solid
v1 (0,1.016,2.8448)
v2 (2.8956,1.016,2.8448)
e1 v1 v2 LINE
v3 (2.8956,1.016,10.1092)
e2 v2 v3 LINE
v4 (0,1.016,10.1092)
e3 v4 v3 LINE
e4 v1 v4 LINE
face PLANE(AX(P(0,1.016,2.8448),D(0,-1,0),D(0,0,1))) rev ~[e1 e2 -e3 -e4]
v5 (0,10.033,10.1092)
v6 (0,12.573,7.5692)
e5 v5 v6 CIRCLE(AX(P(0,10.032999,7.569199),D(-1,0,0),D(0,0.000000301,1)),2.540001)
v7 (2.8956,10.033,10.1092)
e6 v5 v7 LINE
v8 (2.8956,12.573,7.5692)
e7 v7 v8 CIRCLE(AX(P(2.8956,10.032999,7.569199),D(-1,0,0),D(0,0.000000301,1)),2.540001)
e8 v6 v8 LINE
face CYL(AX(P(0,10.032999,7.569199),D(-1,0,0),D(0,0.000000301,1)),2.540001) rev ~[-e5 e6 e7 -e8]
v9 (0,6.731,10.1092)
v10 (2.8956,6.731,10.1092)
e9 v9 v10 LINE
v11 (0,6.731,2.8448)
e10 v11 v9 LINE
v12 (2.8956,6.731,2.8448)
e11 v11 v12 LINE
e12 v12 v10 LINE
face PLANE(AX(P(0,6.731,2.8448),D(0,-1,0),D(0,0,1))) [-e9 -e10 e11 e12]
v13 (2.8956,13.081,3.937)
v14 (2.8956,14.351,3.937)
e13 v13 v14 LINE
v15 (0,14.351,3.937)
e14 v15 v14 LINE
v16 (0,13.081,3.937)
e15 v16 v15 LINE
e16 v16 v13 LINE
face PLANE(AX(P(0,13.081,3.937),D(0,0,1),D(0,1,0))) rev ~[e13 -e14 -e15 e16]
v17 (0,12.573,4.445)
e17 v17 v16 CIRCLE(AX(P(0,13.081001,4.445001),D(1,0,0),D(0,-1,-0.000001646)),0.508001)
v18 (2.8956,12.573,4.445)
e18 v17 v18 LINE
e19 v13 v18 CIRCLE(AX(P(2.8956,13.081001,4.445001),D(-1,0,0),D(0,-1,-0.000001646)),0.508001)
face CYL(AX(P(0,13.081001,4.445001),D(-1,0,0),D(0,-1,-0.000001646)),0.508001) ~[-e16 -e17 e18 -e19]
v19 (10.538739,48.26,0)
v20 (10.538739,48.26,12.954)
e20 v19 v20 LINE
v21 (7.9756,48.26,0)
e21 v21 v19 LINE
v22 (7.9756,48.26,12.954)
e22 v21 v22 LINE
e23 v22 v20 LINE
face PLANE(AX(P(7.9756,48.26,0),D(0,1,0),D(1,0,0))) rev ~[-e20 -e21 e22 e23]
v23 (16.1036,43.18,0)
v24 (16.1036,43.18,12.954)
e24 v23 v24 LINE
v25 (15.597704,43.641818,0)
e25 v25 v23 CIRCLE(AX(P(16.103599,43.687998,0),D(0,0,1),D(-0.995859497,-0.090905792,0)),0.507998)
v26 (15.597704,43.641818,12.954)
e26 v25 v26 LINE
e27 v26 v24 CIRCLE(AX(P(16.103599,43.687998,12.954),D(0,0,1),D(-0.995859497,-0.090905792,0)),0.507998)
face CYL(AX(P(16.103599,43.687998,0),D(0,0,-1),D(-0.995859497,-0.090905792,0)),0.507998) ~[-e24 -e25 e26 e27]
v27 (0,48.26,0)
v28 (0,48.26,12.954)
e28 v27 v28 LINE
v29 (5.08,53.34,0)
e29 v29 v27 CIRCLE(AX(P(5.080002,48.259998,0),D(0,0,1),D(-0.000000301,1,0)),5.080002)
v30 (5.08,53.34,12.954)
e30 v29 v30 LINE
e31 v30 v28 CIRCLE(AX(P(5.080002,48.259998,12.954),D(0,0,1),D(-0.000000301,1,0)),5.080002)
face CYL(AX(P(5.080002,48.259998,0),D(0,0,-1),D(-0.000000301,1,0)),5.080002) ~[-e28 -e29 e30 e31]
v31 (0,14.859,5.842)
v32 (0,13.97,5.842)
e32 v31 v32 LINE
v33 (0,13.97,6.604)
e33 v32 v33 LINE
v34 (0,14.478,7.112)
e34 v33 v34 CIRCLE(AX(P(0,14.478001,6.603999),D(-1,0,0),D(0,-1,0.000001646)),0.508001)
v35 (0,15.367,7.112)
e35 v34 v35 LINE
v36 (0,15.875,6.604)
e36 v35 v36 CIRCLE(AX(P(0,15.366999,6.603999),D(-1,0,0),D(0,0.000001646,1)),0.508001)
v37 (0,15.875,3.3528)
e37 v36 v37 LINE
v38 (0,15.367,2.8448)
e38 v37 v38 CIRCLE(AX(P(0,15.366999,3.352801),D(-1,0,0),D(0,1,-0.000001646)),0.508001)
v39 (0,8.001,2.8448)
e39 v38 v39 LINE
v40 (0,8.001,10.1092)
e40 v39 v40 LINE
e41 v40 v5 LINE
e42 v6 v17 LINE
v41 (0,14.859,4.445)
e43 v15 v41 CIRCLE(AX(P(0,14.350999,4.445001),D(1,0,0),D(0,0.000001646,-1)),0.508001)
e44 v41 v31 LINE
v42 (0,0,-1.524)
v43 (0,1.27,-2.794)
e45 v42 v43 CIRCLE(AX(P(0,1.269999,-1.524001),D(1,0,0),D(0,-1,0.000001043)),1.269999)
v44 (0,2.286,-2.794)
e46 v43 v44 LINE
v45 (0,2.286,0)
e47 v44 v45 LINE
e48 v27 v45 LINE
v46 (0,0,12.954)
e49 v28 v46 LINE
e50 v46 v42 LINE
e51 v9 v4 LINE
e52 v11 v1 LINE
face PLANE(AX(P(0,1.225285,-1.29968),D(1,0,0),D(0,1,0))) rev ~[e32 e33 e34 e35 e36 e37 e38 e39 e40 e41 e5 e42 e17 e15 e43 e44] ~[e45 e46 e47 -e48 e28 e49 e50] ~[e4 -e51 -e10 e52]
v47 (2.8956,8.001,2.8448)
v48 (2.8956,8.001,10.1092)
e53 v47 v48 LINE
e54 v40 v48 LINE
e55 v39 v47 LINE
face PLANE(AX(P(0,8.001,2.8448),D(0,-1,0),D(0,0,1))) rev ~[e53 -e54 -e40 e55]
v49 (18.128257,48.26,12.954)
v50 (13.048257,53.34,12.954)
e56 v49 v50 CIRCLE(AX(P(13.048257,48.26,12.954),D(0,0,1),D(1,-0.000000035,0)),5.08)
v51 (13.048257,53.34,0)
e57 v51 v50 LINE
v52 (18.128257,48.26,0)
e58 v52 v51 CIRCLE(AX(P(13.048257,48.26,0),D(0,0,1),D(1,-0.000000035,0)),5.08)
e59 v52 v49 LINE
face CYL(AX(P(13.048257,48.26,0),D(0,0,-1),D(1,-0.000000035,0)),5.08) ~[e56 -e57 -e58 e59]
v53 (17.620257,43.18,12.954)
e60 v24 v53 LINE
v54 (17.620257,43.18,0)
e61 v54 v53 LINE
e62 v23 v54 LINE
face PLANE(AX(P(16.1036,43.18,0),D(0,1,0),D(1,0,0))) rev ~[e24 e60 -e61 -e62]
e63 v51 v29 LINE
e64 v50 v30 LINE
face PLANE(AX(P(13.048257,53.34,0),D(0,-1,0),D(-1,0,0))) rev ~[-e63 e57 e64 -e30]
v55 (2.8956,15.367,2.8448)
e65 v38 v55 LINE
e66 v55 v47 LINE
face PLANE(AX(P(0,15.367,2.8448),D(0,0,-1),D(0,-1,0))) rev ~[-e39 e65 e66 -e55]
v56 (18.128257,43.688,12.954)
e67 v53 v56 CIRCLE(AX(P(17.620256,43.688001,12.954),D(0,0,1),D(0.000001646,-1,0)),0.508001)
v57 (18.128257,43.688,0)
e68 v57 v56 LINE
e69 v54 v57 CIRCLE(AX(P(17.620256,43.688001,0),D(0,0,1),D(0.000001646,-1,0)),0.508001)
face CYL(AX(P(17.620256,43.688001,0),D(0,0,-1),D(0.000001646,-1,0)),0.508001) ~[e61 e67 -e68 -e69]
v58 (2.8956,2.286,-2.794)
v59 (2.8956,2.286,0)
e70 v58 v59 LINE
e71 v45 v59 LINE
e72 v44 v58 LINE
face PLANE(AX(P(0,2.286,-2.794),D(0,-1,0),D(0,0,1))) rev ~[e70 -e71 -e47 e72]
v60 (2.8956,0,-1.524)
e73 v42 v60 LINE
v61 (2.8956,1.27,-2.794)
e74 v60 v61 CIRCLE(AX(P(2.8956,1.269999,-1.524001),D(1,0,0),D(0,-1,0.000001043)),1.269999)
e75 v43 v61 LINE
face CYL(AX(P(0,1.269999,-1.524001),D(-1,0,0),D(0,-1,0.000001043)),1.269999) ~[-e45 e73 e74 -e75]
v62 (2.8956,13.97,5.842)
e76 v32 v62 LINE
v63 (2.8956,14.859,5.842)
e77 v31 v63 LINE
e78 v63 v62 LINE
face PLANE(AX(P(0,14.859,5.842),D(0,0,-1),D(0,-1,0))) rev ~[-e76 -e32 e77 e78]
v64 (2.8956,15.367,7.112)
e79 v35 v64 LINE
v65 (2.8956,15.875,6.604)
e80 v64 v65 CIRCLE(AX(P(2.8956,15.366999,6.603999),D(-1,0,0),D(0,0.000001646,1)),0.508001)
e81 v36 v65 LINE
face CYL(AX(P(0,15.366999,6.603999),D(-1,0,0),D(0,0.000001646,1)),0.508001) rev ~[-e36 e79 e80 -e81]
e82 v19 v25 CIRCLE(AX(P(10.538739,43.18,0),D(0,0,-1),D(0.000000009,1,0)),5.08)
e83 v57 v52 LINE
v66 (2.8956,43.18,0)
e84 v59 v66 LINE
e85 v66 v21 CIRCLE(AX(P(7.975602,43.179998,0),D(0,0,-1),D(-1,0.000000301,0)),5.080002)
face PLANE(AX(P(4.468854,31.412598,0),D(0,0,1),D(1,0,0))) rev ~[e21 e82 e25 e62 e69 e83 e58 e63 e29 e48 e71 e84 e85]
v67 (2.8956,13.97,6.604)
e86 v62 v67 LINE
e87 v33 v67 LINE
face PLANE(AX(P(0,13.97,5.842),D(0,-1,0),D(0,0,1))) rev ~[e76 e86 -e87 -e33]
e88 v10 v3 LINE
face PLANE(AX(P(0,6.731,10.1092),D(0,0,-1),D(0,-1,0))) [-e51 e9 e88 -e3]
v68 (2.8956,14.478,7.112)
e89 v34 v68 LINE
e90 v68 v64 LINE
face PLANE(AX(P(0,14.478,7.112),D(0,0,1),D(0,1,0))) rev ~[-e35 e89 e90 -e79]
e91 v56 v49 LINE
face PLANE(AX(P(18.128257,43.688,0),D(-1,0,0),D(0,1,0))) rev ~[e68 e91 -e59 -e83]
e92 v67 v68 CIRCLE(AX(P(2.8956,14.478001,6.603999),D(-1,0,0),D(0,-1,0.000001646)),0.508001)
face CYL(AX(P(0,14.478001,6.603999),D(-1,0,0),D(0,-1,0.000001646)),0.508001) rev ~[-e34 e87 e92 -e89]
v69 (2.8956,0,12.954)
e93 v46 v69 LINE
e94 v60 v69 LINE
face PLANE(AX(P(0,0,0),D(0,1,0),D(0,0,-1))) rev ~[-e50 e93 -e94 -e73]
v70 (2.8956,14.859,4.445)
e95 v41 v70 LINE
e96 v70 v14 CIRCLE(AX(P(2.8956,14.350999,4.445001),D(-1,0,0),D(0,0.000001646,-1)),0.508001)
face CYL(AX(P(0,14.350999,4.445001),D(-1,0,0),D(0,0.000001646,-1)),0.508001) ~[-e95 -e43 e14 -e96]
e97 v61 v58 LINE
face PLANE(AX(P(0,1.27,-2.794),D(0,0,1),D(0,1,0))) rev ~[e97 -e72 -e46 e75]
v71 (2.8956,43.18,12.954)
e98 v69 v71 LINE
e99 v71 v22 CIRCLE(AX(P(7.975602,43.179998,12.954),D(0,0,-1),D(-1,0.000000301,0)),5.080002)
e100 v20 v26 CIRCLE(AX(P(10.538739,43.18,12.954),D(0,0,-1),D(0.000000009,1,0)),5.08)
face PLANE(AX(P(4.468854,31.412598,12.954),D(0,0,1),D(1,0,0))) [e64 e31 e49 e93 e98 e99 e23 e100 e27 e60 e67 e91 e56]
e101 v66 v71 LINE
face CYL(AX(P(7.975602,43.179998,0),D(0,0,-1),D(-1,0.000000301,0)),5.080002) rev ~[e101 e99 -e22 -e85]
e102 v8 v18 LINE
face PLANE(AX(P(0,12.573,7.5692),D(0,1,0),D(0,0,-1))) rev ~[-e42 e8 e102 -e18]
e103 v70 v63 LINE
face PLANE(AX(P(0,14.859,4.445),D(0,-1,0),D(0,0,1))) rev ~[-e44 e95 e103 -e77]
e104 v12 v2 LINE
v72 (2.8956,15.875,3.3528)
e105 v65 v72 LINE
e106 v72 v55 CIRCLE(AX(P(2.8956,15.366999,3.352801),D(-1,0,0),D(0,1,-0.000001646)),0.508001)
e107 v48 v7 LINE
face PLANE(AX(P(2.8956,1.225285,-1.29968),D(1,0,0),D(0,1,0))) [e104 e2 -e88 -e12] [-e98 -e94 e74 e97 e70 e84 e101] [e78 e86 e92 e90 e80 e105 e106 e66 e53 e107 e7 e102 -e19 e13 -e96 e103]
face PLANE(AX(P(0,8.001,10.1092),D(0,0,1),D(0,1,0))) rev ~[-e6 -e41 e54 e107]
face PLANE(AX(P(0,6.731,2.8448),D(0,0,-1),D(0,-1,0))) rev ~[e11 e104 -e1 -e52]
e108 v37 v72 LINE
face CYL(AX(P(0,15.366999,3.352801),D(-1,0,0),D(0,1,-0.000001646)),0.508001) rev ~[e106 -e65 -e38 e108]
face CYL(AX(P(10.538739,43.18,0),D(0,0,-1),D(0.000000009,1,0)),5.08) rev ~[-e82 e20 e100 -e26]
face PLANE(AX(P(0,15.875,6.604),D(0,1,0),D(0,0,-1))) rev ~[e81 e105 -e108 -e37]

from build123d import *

# Parameters (mm, degrees)
F1_DEPTH = 12.954
F2_W     = 5.715
F2_H     = 7.2644
F3_DEPTH = 18.129257
F5_DEPTH = 2.8956


with BuildPart() as f1:
    # F0 (on Top) → F1 (new body)
    with BuildSketch(Plane.XY):
        with BuildLine():
            Line((0, 48.26), (0, 0))
            Line((0, 0), (2.8956, 0))
            Line((2.8956, 0), (2.8956, 43.18))
            ThreePointArc((2.8956, 43.18), (4.383498, 46.772102), (7.9756, 48.26))
            Line((7.9756, 48.26), (10.538739, 48.26))
            ThreePointArc((10.538739, 48.26), (13.963674, 46.931829), (15.597704, 43.641818))
            ThreePointArc((15.597704, 43.641818), (15.761106, 43.312817), (16.1036, 43.18))
            Line((16.1036, 43.18), (17.620257, 43.18))
            ThreePointArc((17.620257, 43.18), (17.979467, 43.32879), (18.128257, 43.688))
            Line((18.128257, 43.688), (18.128257, 48.26))
            ThreePointArc((18.128257, 48.26), (16.64036, 51.852102), (13.048257, 53.34))
            Line((13.048257, 53.34), (5.08, 53.34))
            ThreePointArc((5.08, 53.34), (1.487898, 51.852102), (0, 48.26))
        make_face()
    extrude(amount=F1_DEPTH)

    # F2 (on face) → F3 (cut, through all)
    with BuildSketch(Plane(origin=(0, 0, 0), x_dir=(0, -1, 0), z_dir=(-1, 0, 0))):
        with BuildLine():
            ThreePointArc((-15.875, 3.3528), (-15.72621, 2.99359), (-15.367, 2.8448))
            Line((-15.367, 2.8448), (-8.001, 2.8448))
            Line((-8.001, 2.8448), (-8.001, 10.1092))
            Line((-8.001, 10.1092), (-10.033, 10.1092))
            ThreePointArc((-10.033, 10.1092), (-11.829051, 9.365251), (-12.573, 7.5692))
            Line((-12.573, 7.5692), (-12.573, 4.445))
            ThreePointArc((-12.573, 4.445), (-12.72179, 4.08579), (-13.081, 3.937))
            Line((-13.081, 3.937), (-14.351, 3.937))
            ThreePointArc((-14.351, 3.937), (-14.71021, 4.08579), (-14.859, 4.445))
            Line((-14.859, 4.445), (-14.859, 5.842))
            Line((-14.859, 5.842), (-13.97, 5.842))
            Line((-13.97, 5.842), (-13.97, 6.604))
            ThreePointArc((-13.97, 6.604), (-14.11879, 6.96321), (-14.478, 7.112))
            Line((-14.478, 7.112), (-15.367, 7.112))
            ThreePointArc((-15.367, 7.112), (-15.72621, 6.96321), (-15.875, 6.604))
            Line((-15.875, 6.604), (-15.875, 3.3528))
        make_face()
        with Locations((-3.8735, 6.477)):
            Rectangle(F2_W, F2_H)
    extrude(amount=-F3_DEPTH, mode=Mode.SUBTRACT)

    # F4 (on Right) → F5 (join, through all)
    with BuildSketch(Plane.YZ):
        with BuildLine():
            Line((2.286, 0), (0, 0))
            Line((0, 0), (0, -1.524))
            ThreePointArc((0, -1.524), (0.371974, -2.422026), (1.27, -2.794))
            Line((1.27, -2.794), (2.286, -2.794))
            Line((2.286, -2.794), (2.286, 0))
        make_face()
    extrude(amount=F5_DEPTH)


solid = f1.part
